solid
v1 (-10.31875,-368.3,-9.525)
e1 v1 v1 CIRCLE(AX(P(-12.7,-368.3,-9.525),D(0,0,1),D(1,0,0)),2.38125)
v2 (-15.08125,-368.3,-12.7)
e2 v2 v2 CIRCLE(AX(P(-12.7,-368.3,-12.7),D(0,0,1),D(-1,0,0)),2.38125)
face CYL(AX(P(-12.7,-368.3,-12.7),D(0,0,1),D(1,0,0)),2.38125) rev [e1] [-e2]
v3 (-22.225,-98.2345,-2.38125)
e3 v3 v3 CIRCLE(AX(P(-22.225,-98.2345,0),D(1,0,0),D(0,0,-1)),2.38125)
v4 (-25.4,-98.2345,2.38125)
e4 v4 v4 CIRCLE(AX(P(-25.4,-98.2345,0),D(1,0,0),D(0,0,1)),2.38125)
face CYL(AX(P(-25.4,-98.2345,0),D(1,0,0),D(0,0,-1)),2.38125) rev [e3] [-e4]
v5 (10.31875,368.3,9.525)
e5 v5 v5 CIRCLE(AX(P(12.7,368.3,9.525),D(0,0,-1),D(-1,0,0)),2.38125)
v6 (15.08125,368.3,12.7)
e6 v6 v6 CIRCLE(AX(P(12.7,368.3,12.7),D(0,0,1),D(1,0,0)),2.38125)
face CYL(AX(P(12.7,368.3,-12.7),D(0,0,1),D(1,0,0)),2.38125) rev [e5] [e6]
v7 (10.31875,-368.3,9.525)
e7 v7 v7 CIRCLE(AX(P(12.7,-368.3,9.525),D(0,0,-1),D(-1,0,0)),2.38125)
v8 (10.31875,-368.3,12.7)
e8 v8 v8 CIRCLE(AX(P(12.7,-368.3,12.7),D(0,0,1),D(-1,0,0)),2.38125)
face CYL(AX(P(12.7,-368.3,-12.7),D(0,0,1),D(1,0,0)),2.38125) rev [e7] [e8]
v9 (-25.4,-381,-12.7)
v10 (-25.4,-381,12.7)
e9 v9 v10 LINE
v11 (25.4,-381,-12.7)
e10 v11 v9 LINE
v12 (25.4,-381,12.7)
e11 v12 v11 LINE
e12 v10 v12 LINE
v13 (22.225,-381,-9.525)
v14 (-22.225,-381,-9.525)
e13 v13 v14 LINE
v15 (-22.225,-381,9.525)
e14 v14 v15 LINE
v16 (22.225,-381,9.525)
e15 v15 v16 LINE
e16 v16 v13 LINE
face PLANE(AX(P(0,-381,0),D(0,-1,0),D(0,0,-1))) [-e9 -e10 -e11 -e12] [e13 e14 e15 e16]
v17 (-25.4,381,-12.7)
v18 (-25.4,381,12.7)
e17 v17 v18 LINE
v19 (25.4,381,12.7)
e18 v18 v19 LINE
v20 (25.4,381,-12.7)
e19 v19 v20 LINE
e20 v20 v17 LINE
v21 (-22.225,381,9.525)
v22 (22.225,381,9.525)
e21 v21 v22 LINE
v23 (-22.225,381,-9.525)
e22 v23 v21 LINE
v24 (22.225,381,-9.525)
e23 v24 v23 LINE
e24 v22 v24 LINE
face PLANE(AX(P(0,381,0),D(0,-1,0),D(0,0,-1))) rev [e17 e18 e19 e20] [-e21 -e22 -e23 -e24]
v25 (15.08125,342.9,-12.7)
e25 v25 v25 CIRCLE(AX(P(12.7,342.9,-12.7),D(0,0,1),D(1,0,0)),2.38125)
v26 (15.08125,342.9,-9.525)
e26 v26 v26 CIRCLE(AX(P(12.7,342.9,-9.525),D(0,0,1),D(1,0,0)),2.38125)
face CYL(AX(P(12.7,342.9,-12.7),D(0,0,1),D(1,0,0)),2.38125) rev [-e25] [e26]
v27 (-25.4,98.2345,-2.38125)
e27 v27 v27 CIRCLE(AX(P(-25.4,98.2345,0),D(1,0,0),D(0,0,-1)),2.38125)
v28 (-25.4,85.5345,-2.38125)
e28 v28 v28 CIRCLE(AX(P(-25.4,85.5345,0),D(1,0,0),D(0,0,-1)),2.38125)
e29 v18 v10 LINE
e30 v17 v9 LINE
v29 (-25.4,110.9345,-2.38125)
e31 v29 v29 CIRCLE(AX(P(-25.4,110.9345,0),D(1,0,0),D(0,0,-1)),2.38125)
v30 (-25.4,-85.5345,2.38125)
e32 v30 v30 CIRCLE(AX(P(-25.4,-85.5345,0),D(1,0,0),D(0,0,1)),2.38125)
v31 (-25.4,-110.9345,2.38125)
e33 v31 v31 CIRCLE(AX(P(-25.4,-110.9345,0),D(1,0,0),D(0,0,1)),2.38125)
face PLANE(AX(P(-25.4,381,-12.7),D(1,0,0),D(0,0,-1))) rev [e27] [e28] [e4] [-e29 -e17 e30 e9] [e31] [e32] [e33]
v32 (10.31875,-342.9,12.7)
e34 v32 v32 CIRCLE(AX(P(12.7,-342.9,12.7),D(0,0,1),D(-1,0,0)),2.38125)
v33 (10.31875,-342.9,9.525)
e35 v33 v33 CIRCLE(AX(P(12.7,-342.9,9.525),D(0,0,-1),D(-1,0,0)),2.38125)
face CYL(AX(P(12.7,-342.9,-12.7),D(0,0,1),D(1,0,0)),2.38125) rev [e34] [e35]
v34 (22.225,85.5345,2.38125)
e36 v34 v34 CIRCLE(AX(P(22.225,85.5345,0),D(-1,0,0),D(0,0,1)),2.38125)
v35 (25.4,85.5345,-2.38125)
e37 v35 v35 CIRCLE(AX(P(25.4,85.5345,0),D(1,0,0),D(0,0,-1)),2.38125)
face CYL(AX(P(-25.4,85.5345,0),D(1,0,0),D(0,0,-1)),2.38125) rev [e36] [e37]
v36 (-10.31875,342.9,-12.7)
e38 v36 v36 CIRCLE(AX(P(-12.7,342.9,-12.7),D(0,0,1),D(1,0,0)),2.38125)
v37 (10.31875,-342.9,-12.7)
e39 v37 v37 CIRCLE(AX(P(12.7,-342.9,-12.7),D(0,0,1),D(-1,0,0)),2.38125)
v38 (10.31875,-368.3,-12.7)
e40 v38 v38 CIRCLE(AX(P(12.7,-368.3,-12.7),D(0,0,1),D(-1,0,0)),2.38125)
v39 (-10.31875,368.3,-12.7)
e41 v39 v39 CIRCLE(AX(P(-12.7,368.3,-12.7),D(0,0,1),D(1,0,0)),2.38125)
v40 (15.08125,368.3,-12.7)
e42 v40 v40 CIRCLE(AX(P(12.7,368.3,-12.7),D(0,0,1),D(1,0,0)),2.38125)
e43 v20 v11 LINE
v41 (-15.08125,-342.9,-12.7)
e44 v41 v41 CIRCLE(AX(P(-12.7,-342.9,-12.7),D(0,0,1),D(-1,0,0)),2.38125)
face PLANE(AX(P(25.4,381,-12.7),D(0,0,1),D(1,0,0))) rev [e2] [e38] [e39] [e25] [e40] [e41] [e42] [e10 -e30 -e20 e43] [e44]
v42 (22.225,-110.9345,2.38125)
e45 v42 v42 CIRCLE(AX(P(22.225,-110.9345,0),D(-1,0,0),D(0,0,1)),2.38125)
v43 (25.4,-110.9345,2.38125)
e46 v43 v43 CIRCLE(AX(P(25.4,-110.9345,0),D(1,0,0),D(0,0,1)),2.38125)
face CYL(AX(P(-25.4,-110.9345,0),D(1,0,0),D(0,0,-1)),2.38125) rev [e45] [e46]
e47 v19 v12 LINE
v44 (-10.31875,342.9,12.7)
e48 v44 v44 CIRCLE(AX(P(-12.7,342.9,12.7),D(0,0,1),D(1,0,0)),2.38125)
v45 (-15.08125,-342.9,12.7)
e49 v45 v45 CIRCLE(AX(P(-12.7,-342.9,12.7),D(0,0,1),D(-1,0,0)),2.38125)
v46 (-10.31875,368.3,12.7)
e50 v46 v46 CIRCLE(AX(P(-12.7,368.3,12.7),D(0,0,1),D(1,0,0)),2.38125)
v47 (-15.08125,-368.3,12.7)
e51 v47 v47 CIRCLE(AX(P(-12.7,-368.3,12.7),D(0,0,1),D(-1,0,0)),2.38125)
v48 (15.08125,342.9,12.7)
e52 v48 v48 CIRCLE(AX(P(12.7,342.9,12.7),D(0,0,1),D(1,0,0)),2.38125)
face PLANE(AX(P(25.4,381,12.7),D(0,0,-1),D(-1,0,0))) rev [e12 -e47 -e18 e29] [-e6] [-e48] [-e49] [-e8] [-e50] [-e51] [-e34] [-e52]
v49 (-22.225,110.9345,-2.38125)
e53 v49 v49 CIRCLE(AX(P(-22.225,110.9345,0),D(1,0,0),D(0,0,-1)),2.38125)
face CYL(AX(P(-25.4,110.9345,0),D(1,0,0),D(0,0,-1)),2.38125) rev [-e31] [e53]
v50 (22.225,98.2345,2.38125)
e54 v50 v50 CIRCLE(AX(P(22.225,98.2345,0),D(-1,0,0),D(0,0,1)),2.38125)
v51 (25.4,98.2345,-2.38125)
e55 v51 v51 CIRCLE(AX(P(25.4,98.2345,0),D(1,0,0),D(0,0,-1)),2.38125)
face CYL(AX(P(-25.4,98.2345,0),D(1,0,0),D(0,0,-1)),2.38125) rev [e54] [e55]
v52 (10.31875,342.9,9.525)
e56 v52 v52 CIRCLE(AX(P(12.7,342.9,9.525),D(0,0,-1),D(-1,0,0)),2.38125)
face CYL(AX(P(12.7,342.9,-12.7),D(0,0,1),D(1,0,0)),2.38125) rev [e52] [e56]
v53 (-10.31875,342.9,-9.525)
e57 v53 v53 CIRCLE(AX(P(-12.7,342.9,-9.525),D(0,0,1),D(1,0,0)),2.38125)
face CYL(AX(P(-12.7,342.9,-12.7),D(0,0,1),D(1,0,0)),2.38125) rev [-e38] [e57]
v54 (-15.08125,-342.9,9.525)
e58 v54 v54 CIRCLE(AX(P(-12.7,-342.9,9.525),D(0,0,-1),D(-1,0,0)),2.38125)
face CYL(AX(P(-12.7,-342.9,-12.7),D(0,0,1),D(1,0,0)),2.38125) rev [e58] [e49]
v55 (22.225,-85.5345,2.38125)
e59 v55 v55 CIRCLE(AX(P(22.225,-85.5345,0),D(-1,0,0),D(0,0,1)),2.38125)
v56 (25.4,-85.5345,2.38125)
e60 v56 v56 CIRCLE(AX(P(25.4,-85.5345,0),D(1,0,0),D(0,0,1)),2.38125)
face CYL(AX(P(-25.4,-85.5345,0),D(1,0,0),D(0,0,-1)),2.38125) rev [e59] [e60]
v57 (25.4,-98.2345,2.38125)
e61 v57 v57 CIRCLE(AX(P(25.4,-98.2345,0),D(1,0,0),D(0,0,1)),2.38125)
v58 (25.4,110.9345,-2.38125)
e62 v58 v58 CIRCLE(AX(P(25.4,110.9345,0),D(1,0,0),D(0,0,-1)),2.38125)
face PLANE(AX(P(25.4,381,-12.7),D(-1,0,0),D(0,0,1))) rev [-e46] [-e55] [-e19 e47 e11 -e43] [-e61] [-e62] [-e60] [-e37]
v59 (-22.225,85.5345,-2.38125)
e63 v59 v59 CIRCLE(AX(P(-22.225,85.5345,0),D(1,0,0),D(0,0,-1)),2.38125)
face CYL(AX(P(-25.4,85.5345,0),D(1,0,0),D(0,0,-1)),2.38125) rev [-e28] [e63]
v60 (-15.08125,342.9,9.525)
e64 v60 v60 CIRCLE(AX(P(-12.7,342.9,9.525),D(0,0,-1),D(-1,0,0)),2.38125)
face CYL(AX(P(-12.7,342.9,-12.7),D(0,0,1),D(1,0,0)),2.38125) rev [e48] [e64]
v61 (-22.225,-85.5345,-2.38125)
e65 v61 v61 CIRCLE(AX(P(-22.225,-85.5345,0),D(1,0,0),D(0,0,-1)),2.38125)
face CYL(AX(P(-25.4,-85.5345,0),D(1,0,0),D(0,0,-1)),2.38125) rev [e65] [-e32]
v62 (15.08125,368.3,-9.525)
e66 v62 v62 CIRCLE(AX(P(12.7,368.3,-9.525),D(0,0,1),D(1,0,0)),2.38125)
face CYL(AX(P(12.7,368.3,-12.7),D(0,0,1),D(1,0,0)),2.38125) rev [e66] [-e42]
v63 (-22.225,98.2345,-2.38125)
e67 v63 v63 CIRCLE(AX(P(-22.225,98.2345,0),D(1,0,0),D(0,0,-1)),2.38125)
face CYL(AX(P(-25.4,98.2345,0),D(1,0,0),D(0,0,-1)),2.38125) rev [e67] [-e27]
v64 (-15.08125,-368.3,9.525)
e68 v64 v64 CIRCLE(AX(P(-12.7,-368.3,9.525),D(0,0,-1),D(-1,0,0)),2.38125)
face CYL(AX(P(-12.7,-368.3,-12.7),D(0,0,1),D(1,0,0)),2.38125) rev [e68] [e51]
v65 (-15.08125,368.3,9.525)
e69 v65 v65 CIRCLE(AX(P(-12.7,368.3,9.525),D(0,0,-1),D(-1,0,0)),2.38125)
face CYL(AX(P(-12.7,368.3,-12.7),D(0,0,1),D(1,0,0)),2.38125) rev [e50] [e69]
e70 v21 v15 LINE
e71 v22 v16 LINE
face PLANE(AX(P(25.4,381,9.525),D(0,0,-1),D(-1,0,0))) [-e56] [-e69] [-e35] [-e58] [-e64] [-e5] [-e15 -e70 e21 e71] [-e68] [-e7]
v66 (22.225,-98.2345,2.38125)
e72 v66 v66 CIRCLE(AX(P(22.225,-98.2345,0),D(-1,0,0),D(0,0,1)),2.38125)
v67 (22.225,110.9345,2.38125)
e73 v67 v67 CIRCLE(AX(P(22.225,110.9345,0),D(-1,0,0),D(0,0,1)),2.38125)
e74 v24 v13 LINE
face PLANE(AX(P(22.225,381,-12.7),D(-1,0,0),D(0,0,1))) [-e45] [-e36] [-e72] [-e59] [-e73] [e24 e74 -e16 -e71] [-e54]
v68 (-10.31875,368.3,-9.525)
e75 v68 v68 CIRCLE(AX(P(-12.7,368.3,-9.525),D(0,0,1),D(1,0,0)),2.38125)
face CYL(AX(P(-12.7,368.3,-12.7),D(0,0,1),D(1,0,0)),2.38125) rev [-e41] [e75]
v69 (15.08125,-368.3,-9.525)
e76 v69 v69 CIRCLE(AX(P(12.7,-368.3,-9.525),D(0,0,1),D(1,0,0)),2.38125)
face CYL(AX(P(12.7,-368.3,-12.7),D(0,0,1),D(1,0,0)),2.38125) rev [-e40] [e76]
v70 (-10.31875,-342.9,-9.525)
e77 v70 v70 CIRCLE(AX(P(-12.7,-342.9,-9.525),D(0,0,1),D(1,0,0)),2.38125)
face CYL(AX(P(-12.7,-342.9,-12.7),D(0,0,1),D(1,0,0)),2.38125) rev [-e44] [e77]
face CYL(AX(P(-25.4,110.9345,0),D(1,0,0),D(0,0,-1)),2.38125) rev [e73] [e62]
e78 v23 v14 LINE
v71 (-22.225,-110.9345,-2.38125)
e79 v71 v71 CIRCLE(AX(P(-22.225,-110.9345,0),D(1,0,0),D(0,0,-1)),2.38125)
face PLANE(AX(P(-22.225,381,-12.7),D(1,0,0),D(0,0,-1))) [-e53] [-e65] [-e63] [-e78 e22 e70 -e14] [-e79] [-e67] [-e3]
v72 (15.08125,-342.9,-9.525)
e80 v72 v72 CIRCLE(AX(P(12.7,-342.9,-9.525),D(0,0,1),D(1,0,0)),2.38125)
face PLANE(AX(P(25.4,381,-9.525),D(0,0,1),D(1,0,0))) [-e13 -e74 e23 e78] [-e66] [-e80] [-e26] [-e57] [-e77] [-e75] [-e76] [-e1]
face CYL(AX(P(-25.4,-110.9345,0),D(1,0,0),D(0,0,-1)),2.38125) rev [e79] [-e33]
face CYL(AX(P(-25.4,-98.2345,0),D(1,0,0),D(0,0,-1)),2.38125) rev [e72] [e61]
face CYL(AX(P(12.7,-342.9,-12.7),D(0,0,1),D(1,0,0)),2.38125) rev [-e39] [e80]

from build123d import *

# Parameters (mm, degrees)
SKETCH1_W               = 50.8
SKETCH1_H               = 25.4
BOSS_EXTRUDE1_DEPTH     = 381
SHELL1_T                = -3.175
SKETCH4_R               = 2.38125
CUT_EXTRUDE1_DEPTH      = 385.581499815
CUT_EXTRUDE2_DEPTH      = 383.689587002
CUT_EXTRUDE2_DEPTH_BACK = 383.689587002
SKETCH5_R               = 2.38125


with BuildPart() as part:
    # Sketch1 → Boss-Extrude1 (new, symmetric)
    with BuildSketch(Plane(origin=(0, 0, 0), x_dir=(1, 0, 0), z_dir=(0, 1, 0))):
        Rectangle(SKETCH1_W, SKETCH1_H)
    extrude(amount=BOSS_EXTRUDE1_DEPTH, both=True)

    # Shell1
    shell1_openings = [part.faces().sort_by_distance(p)[0] for p in [
        (0, 381, 0),
        (0, -381, 0),
    ]]
    offset(amount=SHELL1_T, openings=shell1_openings, kind=Kind.INTERSECTION)

    # Sketch4 → Cut-Extrude1 (cut, through all)
    with BuildSketch(Plane(origin=(25.4, 0, 0), x_dir=(0, 0, -1), z_dir=(1, 0, 0))):
        with Locations((0, 110.9345)):
            Circle(SKETCH4_R)
        with Locations((0, 98.2345)):
            Circle(SKETCH4_R)
        with Locations((0, 85.5345)):
            Circle(SKETCH4_R)
        with Locations(Location((0, -85.5345, 0), (0, 0, 180))):
            Circle(SKETCH4_R)
        with Locations(Location((0, -98.2345, 0), (0, 0, 180))):
            Circle(SKETCH4_R)
        with Locations(Location((0, -110.9345, 0), (0, 0, 180))):
            Circle(SKETCH4_R)
    extrude(amount=-CUT_EXTRUDE1_DEPTH, mode=Mode.SUBTRACT)

    # Sketch5 → Cut-Extrude2 (cut, two sides: drawn at the far end of the back side and taken through both)
    with BuildSketch(Plane.XY.offset(12.7).offset(-CUT_EXTRUDE2_DEPTH_BACK)):
        with Locations((-12.7, 368.3)):
            Circle(SKETCH5_R)
        with Locations((12.7, 368.3)):
            Circle(SKETCH5_R)
        with Locations((12.7, 342.9)):
            Circle(SKETCH5_R)
        with Locations((-12.7, 342.9)):
            Circle(SKETCH5_R)
        with Locations((-12.7, -342.9)):
            Circle(SKETCH5_R)
        with Locations((12.7, -342.9)):
            Circle(SKETCH5_R)
        with Locations((12.7, -368.3)):
            Circle(SKETCH5_R)
        with Locations((-12.7, -368.3)):
            Circle(SKETCH5_R)
    extrude(amount=CUT_EXTRUDE2_DEPTH + CUT_EXTRUDE2_DEPTH_BACK, mode=Mode.SUBTRACT)


solid = part.part
